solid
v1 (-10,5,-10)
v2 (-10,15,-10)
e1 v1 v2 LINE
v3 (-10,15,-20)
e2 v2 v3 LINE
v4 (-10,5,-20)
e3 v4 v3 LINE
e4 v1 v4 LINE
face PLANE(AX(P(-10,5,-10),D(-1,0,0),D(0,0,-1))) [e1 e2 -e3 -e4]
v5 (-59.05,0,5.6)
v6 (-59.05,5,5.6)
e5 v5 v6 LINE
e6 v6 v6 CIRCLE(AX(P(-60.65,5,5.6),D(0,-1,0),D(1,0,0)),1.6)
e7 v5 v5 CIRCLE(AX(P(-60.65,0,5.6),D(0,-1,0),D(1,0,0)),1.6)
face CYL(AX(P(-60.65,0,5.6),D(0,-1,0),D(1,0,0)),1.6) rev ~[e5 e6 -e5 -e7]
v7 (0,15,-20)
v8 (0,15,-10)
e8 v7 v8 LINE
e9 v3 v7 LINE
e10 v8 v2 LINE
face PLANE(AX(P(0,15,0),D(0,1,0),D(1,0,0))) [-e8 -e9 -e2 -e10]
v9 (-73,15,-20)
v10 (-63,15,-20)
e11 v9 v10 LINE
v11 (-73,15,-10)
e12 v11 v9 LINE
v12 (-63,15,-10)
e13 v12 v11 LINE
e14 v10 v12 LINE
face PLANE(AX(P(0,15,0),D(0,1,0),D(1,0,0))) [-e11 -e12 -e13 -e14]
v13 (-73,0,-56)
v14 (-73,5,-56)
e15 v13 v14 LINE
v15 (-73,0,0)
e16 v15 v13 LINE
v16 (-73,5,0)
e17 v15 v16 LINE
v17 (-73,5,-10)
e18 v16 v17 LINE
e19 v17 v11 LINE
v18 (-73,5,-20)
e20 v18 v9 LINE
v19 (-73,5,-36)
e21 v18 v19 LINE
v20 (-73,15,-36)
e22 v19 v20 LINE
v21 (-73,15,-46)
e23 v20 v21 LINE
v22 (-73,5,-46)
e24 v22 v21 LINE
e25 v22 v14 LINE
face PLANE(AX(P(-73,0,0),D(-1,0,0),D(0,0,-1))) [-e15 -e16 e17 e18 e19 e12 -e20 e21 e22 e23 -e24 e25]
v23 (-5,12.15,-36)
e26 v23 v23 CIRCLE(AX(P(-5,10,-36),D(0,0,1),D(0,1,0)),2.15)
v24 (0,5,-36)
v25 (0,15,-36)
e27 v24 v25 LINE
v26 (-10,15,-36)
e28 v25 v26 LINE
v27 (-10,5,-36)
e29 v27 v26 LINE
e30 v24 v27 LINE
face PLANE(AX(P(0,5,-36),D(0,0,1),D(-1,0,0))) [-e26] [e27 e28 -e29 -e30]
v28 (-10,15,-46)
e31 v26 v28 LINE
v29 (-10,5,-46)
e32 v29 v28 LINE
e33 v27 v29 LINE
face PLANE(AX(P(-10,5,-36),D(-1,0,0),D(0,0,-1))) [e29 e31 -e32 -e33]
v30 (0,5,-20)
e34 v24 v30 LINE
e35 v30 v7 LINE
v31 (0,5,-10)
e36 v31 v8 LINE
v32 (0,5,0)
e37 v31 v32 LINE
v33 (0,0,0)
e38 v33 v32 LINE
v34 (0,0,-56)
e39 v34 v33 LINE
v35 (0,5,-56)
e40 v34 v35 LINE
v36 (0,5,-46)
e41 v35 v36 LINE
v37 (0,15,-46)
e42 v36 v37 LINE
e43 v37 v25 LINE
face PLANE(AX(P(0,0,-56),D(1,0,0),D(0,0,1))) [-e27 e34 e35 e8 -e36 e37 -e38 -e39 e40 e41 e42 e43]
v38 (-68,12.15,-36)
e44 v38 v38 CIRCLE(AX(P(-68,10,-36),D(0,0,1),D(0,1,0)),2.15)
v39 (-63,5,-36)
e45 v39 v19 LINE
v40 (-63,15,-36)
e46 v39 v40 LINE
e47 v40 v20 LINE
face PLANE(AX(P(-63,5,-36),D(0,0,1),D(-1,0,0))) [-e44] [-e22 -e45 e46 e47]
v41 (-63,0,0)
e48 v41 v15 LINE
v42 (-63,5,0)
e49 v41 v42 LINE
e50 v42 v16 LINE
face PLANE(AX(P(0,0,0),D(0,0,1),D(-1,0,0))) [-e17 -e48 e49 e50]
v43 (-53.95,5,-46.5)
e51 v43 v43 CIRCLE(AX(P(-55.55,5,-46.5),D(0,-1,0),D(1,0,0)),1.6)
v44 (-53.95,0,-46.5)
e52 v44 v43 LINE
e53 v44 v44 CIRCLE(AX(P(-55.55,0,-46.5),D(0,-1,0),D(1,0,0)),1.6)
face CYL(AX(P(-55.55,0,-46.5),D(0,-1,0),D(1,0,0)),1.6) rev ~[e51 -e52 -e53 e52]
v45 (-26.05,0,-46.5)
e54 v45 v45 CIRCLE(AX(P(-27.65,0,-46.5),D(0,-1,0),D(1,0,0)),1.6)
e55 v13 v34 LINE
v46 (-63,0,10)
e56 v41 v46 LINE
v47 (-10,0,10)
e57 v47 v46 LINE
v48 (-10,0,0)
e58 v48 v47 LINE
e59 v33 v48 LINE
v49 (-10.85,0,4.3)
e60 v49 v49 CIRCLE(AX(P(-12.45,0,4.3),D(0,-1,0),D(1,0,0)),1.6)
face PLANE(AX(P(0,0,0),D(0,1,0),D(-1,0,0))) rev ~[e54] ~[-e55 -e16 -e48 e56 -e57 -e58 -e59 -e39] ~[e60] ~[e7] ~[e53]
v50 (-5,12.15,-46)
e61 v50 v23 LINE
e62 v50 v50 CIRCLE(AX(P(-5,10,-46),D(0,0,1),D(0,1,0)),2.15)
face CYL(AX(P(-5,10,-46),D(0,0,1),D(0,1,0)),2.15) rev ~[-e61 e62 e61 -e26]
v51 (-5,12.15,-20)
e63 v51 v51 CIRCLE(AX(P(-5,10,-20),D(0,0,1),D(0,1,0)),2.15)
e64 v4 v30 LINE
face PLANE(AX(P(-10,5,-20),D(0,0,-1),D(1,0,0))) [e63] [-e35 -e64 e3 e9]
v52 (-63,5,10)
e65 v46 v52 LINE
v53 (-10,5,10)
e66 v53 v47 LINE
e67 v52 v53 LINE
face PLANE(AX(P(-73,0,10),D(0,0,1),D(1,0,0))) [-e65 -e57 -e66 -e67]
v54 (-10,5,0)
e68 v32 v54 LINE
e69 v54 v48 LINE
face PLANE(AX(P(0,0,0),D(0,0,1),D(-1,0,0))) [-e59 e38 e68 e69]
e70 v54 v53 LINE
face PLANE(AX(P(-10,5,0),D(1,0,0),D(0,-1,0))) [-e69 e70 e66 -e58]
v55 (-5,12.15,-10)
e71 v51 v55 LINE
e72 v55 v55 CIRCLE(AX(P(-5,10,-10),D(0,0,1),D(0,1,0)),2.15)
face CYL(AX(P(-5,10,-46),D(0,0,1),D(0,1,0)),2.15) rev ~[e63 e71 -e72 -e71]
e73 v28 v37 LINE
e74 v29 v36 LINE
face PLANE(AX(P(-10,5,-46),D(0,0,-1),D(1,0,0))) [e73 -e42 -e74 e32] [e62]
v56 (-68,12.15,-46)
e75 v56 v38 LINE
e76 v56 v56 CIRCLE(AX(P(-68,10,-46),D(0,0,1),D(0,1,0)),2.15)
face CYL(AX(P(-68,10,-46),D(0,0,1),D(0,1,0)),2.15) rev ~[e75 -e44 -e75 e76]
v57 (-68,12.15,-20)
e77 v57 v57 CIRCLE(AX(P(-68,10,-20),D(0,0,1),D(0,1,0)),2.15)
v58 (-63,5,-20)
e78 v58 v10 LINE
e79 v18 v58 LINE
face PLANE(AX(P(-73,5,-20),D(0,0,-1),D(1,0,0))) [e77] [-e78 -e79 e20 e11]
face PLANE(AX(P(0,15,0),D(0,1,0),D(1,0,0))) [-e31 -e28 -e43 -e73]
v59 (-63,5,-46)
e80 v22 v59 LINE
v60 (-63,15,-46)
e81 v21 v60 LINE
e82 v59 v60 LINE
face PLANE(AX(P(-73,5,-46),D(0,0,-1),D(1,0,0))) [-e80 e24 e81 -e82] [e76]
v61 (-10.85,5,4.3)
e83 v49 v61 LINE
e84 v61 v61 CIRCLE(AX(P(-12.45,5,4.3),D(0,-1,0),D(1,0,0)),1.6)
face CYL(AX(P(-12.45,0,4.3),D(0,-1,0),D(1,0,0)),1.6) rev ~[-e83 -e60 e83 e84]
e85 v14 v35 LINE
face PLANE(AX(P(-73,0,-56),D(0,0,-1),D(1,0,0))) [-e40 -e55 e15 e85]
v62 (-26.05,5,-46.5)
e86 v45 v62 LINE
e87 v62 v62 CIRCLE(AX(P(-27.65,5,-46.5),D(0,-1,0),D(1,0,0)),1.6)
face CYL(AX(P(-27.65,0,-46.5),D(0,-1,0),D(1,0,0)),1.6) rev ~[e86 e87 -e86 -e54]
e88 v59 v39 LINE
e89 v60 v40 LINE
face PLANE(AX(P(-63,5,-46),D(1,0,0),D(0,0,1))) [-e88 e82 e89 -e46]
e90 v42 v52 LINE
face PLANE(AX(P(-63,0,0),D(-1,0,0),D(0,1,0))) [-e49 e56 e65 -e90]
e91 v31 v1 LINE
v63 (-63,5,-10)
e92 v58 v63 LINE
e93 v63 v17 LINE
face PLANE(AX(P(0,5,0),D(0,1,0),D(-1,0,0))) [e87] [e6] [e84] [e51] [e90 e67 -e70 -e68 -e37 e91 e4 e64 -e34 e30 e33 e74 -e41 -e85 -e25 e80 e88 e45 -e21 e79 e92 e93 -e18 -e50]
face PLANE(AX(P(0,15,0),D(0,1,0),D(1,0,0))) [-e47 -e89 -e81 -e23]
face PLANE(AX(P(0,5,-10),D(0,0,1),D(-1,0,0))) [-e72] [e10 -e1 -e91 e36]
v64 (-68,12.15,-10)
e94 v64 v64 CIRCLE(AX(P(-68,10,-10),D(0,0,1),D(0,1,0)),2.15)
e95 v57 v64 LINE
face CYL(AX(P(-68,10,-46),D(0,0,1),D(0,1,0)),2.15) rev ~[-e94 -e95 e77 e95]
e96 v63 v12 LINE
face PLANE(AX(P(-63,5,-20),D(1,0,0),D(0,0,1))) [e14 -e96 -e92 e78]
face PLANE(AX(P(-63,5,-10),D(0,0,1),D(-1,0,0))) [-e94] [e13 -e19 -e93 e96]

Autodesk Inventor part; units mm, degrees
ref_plane "YZ Plane" through (0, 0, 0) normal (1, 0, 0) x (0, 1, 0)
ref_plane "XZ Plane" through (0, 0, 0) normal (0, 1, 0) x (-1, 0, 0)
ref_plane "XY Plane" through (0, 0, 0) normal (0, 0, 1) x (1, 0, 0)
sketch "Sketch1" plane through (0, 0, 0) normal (0, 1, 0) x (-1, 0, 0)
  line L0 (0, 0) -> (73, 0)
  line L1 (73, 0) -> (73, -56)
  line L2 (73, -56) -> (0, -56)
  line L3 (0, -56) -> (0, 0)
  dimension "d0" = 73
  dimension "d1" = 56
extrude "Extrusion1" add sketch "Sketch1" along normal blind 5
sketch "Sketch2" plane through (0, 5, 0) normal (0, 1, 0) x (1, 0, 0)
  line L0 (-73, 46) -> (-63, 46)
  line L1 (-63, 46) -> (-63, 36)
  line L2 (-63, 36) -> (-73, 36)
  line L3 (-73, 36) -> (-73, 46)
  line L4 (-10, 46) -> (0, 46)
  line L5 (0, 46) -> (0, 36)
  line L6 (0, 36) -> (-10, 36)
  line L7 (-10, 36) -> (-10, 46)
  line L8 (-73, 20) -> (-63, 20)
  line L9 (-63, 20) -> (-63, 10)
  line L10 (-63, 10) -> (-73, 10)
  line L11 (-73, 10) -> (-73, 20)
  line L12 (-10, 20) -> (0, 20)
  line L13 (0, 20) -> (0, 10)
  line L14 (0, 10) -> (-10, 10)
  line L15 (-10, 10) -> (-10, 20)
  line L16 (-73, 56) -> (-73, 0) projected
  line L17 (0, 0) -> (0, 56) projected
  line L18 (0, 56) -> (-73, 56) projected
  line L19 (-73, 0) -> (0, 0) projected
  dimension "d4" = 10
  dimension "d5" = 10
  dimension "d6" = 10
  dimension "d7" = 10
  dimension "d8" = 10
  dimension "d9" = 10
  dimension "d10" = 10
  dimension "d11" = 10
  dimension "d12" = 10
  dimension "d13" = 10
  dimension "d14" = 10
  dimension "d15" = 10
extrude "Extrusion2" add sketch "Sketch2" along normal blind 10 contours L0 L1 L2 L3 | L8 L9 L10 L11 | L5 L6 L7 L4 | L13 L14 L15 L12
hole "Hole1" at (-68, 10, -46) direction (0, 0, 1) diameter 4.3 end through all
hole "Hole2" at (-5, 10, -46) direction (0, 0, 1) diameter 4.3 end through all
sketch "Sketch4" plane through (0, 0, 0) normal (0, -1, 0) x (1, 0, 0)
  line L0 (-63.15, 19.6) -> (-9.85, 19.6)
  line L1 (-9.85, 19.6) -> (-9.85, -49)
  line L2 (-9.85, -49) -> (-63.15, -49)
  line L3 (-63.15, -49) -> (-63.15, 19.6)
  line L4 (0, -56) -> (-73, -56) projected
  line L5 (-73, 0) -> (-73, -56) projected
  circle A0 centre (-55.55, -46.5) radius 1.6
  circle A1 centre (-27.65, -46.5) radius 1.6
  circle A2 centre (-12.45, 4.3) radius 1.6
  circle A3 centre (-60.65, 5.6) radius 1.6
  point P0 (0, 0)
  dimension "d40" = 53.3
  dimension "d41" = 68.6
  dimension "d42" = 7
  dimension "d43" = 9.85
  dimension "d44" = 3.2
  dimension "d45" = 3.2
  dimension "d46" = 3.2
  dimension "d47" = 3.2
  dimension "d48" = 14
  dimension "d49" = 15.3
  dimension "d50" = 2.5
  dimension "d51" = 7.6
  dimension "d52" = 66.1
  dimension "d53" = 66.1
  dimension "d54" = 27.9
  dimension "d55" = 15.2
sketch "Sketch5" plane through (-73, 0, 0) normal (0, 0, 1) x (1, 0, 0)
  line L0 (10, 5) -> (63, 5)
  line L1 (63, 5) -> (63, 0)
  line L2 (63, 0) -> (10, 0)
  line L3 (10, 0) -> (10, 5)
  line L4 (73, 0) -> (0, 0) projected
  line L5 (0, 5) -> (73, 5) projected
  line L6 (73, 0) -> (73, 5) projected
  dimension "d56" = 10
  dimension "d57" = 10
extrude "Extrusion3" add sketch "Sketch5" along normal blind 10 contours L0 L1 L2 L3
extrude "Extrusion4" cut sketch "Sketch4" against normal up to next contours A0 | A1 | A2 | A3
properties part number "arduinoPlate" material "ABS Plastic"
